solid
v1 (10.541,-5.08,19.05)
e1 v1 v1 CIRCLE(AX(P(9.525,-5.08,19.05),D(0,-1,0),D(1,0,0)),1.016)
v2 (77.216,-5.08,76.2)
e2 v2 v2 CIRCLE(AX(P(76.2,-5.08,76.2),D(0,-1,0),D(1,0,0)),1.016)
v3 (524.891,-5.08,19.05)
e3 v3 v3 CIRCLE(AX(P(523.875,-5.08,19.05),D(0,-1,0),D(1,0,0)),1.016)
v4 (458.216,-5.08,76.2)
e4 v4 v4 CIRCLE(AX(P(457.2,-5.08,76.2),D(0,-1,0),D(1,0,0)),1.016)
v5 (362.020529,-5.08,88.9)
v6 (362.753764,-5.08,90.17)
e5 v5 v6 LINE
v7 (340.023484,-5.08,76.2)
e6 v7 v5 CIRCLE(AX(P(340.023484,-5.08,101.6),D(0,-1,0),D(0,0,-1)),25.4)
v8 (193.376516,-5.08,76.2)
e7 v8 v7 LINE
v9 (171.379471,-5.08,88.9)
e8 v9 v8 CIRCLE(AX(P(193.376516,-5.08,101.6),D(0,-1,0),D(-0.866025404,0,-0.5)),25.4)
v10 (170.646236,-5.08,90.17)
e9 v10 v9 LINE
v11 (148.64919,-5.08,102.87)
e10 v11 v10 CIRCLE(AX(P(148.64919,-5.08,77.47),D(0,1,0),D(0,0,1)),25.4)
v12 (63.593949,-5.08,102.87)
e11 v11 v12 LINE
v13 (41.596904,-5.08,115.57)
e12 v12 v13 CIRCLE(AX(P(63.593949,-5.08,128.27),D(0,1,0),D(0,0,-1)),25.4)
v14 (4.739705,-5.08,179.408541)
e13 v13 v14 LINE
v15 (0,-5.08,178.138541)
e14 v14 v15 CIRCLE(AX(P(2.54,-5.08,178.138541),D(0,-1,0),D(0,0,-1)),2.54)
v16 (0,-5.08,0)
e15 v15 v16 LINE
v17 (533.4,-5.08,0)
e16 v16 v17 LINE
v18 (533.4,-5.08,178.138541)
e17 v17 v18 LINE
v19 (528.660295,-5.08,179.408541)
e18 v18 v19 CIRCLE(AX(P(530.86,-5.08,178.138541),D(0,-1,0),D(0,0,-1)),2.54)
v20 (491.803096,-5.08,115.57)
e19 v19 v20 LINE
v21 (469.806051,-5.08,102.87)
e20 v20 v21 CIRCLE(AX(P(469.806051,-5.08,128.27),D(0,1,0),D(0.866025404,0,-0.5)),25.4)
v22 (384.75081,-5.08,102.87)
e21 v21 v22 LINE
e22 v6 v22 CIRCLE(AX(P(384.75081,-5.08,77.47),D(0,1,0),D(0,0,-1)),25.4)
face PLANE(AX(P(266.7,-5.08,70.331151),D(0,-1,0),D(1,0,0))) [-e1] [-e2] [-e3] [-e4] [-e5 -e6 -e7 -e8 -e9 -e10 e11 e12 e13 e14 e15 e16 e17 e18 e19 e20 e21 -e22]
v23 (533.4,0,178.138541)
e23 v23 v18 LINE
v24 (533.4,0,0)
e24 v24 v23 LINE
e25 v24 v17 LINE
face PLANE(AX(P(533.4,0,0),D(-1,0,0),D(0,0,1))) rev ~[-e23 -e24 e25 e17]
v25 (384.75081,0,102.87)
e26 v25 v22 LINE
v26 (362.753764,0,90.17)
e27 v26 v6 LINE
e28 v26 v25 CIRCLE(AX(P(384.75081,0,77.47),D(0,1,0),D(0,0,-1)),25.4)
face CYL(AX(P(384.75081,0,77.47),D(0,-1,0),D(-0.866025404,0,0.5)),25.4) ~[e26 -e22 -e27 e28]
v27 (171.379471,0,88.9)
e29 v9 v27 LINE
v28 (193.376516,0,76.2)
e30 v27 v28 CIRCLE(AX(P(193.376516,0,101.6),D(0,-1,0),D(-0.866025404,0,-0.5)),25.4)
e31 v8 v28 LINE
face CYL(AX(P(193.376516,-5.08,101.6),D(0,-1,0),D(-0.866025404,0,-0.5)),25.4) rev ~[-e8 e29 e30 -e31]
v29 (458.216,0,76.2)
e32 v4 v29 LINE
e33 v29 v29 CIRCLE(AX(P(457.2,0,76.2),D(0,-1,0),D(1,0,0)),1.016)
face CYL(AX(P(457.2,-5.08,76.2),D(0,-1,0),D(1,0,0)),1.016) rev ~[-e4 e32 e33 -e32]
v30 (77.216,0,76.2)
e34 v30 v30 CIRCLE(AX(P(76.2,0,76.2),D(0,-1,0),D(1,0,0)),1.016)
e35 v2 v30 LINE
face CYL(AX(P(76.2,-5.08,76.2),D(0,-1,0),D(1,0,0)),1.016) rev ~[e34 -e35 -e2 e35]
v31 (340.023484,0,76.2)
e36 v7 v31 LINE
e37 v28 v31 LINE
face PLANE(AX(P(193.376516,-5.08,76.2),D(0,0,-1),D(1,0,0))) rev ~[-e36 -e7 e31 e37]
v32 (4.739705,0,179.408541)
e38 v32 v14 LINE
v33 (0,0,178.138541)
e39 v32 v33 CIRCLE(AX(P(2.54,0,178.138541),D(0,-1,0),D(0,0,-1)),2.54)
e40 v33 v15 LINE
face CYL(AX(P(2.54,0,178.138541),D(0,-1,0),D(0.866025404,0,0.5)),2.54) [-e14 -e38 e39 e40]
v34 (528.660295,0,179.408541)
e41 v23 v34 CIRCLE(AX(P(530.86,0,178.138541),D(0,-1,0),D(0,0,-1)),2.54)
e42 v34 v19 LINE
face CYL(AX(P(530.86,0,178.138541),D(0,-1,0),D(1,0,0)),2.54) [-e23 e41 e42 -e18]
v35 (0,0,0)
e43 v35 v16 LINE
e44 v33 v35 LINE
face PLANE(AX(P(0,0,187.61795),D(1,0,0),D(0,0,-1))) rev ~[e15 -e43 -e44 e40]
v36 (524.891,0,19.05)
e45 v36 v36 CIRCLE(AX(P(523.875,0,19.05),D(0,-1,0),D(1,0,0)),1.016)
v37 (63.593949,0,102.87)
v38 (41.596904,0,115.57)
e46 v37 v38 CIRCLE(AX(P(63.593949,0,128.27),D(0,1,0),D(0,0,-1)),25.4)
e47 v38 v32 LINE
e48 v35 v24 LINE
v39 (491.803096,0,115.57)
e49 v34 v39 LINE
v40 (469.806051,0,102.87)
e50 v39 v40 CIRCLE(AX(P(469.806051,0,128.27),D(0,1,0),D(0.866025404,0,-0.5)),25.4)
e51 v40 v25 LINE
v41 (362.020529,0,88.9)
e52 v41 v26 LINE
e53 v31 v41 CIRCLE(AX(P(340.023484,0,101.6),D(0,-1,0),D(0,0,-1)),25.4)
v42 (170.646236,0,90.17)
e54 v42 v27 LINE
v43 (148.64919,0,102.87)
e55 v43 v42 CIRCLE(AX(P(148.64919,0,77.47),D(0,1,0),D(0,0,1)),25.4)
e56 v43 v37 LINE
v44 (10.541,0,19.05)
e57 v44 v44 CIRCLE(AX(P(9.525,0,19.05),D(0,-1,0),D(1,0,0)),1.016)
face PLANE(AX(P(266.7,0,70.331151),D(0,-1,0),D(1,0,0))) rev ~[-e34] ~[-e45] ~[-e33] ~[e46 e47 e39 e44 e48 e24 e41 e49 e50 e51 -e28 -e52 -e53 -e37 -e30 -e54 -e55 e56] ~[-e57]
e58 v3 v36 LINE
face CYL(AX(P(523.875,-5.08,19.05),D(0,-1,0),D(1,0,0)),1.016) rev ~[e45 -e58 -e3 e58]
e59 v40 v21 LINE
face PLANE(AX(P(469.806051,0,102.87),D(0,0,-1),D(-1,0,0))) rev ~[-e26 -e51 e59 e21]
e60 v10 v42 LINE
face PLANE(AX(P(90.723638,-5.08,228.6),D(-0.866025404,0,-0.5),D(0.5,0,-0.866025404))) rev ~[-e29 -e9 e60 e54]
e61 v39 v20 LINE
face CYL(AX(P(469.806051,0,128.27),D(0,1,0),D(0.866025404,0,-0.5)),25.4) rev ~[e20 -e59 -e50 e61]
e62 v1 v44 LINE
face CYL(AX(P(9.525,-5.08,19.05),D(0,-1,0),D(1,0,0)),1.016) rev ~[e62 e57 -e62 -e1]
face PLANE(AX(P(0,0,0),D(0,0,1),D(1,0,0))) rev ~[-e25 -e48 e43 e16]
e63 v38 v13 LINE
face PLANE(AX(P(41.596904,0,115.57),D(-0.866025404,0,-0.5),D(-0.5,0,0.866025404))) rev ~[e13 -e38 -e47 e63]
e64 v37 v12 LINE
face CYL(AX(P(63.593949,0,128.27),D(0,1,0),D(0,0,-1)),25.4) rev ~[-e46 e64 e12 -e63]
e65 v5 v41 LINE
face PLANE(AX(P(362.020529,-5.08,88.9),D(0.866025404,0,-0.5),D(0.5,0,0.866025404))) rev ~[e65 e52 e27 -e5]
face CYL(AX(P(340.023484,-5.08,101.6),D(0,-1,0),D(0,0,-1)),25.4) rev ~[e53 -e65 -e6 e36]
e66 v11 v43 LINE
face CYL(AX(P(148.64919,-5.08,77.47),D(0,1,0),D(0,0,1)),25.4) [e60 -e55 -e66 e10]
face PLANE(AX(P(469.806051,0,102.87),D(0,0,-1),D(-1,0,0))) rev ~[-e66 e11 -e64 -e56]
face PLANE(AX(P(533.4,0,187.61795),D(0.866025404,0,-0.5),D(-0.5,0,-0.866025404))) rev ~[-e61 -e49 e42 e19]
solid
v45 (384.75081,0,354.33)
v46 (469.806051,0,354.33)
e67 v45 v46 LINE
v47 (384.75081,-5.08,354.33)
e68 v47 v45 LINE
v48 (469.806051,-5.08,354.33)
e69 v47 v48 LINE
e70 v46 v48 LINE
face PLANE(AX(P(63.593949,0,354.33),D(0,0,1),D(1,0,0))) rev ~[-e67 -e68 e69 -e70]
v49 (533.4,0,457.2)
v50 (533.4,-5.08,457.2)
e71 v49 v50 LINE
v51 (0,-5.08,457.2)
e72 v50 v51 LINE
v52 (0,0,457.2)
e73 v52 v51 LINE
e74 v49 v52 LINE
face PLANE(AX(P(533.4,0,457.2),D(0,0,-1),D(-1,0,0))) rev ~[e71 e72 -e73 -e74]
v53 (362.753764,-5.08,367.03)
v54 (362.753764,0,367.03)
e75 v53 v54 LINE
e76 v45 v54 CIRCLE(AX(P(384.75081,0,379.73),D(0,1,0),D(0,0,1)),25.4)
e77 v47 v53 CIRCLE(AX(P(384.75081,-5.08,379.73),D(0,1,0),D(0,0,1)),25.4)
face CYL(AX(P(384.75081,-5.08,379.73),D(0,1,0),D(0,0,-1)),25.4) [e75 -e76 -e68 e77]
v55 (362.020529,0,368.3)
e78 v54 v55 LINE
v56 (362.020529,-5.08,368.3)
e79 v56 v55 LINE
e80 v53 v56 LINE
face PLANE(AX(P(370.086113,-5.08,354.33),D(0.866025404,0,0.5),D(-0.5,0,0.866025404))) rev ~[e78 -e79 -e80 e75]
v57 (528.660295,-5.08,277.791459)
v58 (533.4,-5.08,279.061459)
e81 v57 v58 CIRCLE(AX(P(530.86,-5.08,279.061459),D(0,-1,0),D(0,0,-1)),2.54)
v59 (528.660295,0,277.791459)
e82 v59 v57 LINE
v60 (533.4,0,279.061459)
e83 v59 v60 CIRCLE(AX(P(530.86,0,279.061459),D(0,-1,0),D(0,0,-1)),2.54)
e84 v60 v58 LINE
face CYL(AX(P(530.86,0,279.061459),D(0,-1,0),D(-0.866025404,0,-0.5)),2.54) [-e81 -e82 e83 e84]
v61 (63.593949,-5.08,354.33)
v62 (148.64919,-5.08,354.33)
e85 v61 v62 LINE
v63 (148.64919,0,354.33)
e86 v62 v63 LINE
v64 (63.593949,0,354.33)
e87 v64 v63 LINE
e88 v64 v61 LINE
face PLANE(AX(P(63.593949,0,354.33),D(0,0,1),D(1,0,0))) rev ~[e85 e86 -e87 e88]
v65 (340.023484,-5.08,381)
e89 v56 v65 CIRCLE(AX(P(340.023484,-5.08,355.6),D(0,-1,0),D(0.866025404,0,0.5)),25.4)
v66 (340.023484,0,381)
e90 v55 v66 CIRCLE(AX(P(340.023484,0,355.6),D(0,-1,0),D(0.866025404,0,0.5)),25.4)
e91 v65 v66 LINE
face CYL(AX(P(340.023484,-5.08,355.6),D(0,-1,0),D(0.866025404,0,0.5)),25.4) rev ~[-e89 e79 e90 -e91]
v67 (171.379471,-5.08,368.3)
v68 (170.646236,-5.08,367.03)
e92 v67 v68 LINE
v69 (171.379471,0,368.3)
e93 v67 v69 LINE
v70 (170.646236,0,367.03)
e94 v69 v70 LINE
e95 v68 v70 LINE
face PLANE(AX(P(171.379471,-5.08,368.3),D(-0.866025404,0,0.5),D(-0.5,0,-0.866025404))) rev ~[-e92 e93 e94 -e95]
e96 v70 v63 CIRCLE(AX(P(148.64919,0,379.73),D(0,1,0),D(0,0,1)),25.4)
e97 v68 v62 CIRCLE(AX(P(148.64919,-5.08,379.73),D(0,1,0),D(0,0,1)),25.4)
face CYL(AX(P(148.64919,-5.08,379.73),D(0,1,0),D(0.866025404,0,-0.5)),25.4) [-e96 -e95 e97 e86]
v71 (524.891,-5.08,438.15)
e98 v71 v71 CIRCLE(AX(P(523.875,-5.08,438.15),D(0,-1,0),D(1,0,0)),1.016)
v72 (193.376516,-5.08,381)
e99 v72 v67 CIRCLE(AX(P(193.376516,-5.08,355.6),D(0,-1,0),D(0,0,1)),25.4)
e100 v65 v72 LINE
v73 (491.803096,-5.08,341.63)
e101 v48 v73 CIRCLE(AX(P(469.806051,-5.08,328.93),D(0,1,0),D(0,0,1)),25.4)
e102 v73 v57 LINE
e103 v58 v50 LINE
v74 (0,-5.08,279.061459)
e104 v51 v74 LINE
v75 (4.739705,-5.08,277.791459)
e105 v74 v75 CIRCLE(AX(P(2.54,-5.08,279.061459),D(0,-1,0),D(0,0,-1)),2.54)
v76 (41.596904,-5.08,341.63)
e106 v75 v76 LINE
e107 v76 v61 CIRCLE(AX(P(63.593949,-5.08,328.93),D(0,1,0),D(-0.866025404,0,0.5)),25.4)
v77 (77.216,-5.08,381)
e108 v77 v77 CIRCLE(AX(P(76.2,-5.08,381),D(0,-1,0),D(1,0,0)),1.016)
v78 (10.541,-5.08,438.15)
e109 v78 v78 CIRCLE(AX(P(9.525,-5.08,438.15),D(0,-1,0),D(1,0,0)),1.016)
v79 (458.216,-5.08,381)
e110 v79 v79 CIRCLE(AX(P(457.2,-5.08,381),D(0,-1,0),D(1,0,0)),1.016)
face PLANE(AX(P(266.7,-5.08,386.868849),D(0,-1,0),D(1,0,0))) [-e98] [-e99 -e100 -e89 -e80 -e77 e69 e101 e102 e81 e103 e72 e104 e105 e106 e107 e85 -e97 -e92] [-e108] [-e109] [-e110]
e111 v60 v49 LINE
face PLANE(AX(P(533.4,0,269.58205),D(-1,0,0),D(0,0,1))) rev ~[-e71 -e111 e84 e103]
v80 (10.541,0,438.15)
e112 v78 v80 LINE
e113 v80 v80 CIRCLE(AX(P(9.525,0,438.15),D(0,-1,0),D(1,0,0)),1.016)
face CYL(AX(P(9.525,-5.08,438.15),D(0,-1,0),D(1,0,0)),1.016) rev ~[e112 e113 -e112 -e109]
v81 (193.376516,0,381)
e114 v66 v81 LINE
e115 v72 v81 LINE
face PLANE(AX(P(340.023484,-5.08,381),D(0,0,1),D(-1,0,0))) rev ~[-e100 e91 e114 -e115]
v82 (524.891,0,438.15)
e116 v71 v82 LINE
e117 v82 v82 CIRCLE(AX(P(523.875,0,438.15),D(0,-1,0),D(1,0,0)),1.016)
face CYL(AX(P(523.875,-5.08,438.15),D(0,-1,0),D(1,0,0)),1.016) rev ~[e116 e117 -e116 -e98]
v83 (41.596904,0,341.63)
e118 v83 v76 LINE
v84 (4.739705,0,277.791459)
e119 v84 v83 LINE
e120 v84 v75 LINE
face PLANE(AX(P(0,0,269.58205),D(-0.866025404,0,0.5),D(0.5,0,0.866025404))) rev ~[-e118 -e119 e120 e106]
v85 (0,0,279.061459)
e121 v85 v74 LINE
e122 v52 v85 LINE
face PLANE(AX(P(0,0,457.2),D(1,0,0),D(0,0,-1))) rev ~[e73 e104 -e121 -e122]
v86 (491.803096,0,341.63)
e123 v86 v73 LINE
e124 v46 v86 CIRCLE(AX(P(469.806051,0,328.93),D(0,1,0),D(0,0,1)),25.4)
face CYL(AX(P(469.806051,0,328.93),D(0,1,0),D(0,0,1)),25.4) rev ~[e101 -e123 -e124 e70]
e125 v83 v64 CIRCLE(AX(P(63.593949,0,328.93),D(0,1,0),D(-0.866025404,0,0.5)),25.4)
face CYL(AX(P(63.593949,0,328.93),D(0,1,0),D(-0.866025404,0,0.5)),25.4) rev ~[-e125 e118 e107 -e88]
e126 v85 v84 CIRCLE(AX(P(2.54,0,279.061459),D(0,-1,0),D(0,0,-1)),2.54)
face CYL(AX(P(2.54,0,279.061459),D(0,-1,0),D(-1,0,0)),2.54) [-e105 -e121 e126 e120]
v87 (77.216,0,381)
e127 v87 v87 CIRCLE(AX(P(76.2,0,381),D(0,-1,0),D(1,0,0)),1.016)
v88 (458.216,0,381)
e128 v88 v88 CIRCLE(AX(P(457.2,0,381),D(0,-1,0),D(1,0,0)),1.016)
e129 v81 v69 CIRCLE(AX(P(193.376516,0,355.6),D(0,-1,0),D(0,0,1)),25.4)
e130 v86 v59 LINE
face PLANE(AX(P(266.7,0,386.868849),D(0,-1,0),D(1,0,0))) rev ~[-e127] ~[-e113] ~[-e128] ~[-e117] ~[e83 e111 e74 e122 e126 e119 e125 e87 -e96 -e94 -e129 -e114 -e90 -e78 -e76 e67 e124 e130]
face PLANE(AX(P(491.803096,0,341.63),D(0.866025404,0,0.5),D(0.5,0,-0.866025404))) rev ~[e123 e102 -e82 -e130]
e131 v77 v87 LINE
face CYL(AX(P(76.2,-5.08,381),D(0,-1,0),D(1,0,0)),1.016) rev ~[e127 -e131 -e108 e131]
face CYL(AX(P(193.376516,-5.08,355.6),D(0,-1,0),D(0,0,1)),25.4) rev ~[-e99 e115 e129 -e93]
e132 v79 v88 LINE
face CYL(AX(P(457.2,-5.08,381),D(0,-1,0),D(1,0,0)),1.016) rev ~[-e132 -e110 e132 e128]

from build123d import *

# Parameters (mm, degrees)
F1_DEPTH = 5.08
F2_R     = 1.016
F3_DEPTH = 5.081
F4_R     = 1.016
F5_DEPTH = 5.081
F7_DEPTH = 5.081
F8_R     = 25.4
F8_2_R   = 25.4
F9_R     = 2.54
F9_2_R   = 2.54


with BuildPart() as f1:
    # F0 (on Front) → F1 (new body)
    with BuildSketch(Plane.XZ):
        with BuildLine():
            Line((0, 187.6179503786), (0, 0))
            Line((0, 0), (533.4, 0))
            Line((533.4, 0), (533.4, 187.6179503786))
            Line((533.4, 187.6179503786), (491.8030964543, 115.57))
            ThreePointArc((491.8030964543, 115.57), (482.5060511982, 106.2729547439), (469.8060511982, 102.87))
            Line((469.8060511982, 102.87), (339.2902493452, 102.87))
            Line((339.2902493452, 102.87), (194.1097506548, 102.87))
            Line((194.1097506548, 102.87), (63.5939488018, 102.87))
            ThreePointArc((63.5939488018, 102.87), (50.8939488018, 106.2729547439), (41.5969035457, 115.57))
            Line((41.5969035457, 115.57), (0, 187.6179503786))
        make_face()
    extrude(amount=F1_DEPTH)


with BuildPart() as f1b:
    # F0 (on Front) → F1, piece 2 (new body)
    with BuildSketch(Plane.XZ):
        with BuildLine():
            Line((0, 457.2), (0, 269.5820496214))
            Line((0, 269.5820496214), (41.5969035457, 341.63))
            ThreePointArc((41.5969035457, 341.63), (50.8939488018, 350.9270452561), (63.5939488018, 354.33))
            Line((63.5939488018, 354.33), (194.1097506548, 354.33))
            Line((194.1097506548, 354.33), (339.2902493452, 354.33))
            Line((339.2902493452, 354.33), (469.8060511982, 354.33))
            ThreePointArc((469.8060511982, 354.33), (482.5060511982, 350.9270452561), (491.8030964543, 341.63))
            Line((491.8030964543, 341.63), (533.4, 269.5820496214))
            Line((533.4, 269.5820496214), (533.4, 457.2))
            Line((533.4, 457.2), (0, 457.2))
        make_face()
    extrude(amount=F1_DEPTH)


with BuildPart() as f3_tool:
    # F2 (on face) → F3 (new body, through all)
    with BuildSketch(Plane.XZ.offset(5.08)):
        with Locations((9.525, 438.15)):
            Circle(F2_R)
        with Locations((523.875, 438.15)):
            Circle(F2_R)
        with Locations((523.875, 19.05)):
            Circle(F2_R)
        with Locations((9.525, 19.05)):
            Circle(F2_R)
    extrude(amount=-F3_DEPTH)


with BuildPart() as f1_1:
    add(f1.part)

    # F3: cut by f3_tool
    add(f3_tool.part, mode=Mode.SUBTRACT)


with BuildPart() as f1b_1:
    add(f1b.part)

    # F3: cut by f3_tool
    add(f3_tool.part, mode=Mode.SUBTRACT)


with BuildPart() as f5_tool:
    # F4 (on face) → F5 (new body, through all)
    with BuildSketch(Plane.XZ.offset(5.08)):
        with Locations((76.2, 381)):
            Circle(F4_R)
        with Locations((457.2, 76.2)):
            Circle(F4_R)
        with Locations((457.2, 381)):
            Circle(F4_R)
        with Locations((76.2, 76.2)):
            Circle(F4_R)
    extrude(amount=-F5_DEPTH)


with BuildPart() as f1_2:
    add(f1_1.part)

    # F5: cut by f5_tool
    add(f5_tool.part, mode=Mode.SUBTRACT)


with BuildPart() as f1b_2:
    add(f1b_1.part)

    # F5: cut by f5_tool
    add(f5_tool.part, mode=Mode.SUBTRACT)


with BuildPart() as f7_tool:
    # F6 (on face) → F7 (new body, through all)
    with BuildSketch(Plane.XZ.offset(5.08)):
        Polygon((413.3469683742, 228.6), (340.756719029, 354.33), (192.643280971, 354.33), (120.0530316258, 228.6), (193.3765158129, 101.6), (340.0234841871, 101.6), align=None)
        Polygon((340.756719029, 354.33), (340.0234841871, 355.6), (193.3765158129, 355.6), (192.643280971, 354.33), align=None)
        with BuildLine():
            Line((193.3765158129, 355.6), (340.0234841871, 355.6))
            Line((340.0234841871, 355.6), (340.756719029, 354.33))
            Line((340.756719029, 354.33), (370.0861127038, 354.33))
            Line((370.0861127038, 354.33), (362.0205294432, 368.3))
            ThreePointArc((362.0205294432, 368.3), (352.7234841871, 377.5970452561), (340.0234841871, 381))
            Line((340.0234841871, 381), (193.3765158129, 381))
            ThreePointArc((193.3765158129, 381), (180.6765158129, 377.5970452561), (171.3794705568, 368.3))
            Line((171.3794705568, 368.3), (163.3138872962, 354.33))
            Line((163.3138872962, 354.33), (192.643280971, 354.33))
            Line((192.643280971, 354.33), (193.3765158129, 355.6))
        make_face()
        with BuildLine():
            Line((370.0861127038, 354.33), (340.756719029, 354.33))
            Line((340.756719029, 354.33), (413.3469683742, 228.6))
            Line((413.3469683742, 228.6), (340.0234841871, 101.6))
            Line((340.0234841871, 101.6), (193.3765158129, 101.6))
            Line((193.3765158129, 101.6), (120.0530316258, 228.6))
            Line((120.0530316258, 228.6), (192.643280971, 354.33))
            Line((192.643280971, 354.33), (163.3138872962, 354.33))
            Line((163.3138872962, 354.33), (90.723637951, 228.6))
            Line((90.723637951, 228.6), (171.3794705568, 88.9))
            ThreePointArc((171.3794705568, 88.9), (180.6765158129, 79.6029547439), (193.3765158129, 76.2))
            Line((193.3765158129, 76.2), (340.0234841871, 76.2))
            ThreePointArc((340.0234841871, 76.2), (352.7234841871, 79.6029547439), (362.0205294432, 88.9))
            Line((362.0205294432, 88.9), (442.676362049, 228.6))
            Line((442.676362049, 228.6), (370.0861127038, 354.33))
        make_face()
    extrude(amount=-F7_DEPTH)


with BuildPart() as f1_3:
    add(f1_2.part)

    # F7: cut by f7_tool
    add(f7_tool.part, mode=Mode.SUBTRACT)

    # F8#2
    f8_2_edges = [f1_3.edges().sort_by_distance(p)[0] for p in [
        (163.313887, -2.54, 102.87),
        (370.086113, -2.54, 102.87),
    ]]
    fillet(f8_2_edges, radius=F8_2_R)

    # F9#2
    f9_2_edges = [f1_3.edges().sort_by_distance(p)[0] for p in [
        (0, -2.54, 187.61795),
        (533.4, -2.54, 187.61795),
    ]]
    fillet(f9_2_edges, radius=F9_2_R)


with BuildPart() as f1b_3:
    add(f1b_2.part)

    # F7: cut by f7_tool
    add(f7_tool.part, mode=Mode.SUBTRACT)

    # F8
    f8_edges = [f1b_3.edges().sort_by_distance(p)[0] for p in [
        (163.313887, -2.54, 354.33),
        (370.086113, -2.54, 354.33),
    ]]
    fillet(f8_edges, radius=F8_R)

    # F9
    f9_edges = [f1b_3.edges().sort_by_distance(p)[0] for p in [
        (0, -2.54, 269.58205),
        (533.4, -2.54, 269.58205),
    ]]
    fillet(f9_edges, radius=F9_R)


solid = Compound([f1_3.part, f1b_3.part])
